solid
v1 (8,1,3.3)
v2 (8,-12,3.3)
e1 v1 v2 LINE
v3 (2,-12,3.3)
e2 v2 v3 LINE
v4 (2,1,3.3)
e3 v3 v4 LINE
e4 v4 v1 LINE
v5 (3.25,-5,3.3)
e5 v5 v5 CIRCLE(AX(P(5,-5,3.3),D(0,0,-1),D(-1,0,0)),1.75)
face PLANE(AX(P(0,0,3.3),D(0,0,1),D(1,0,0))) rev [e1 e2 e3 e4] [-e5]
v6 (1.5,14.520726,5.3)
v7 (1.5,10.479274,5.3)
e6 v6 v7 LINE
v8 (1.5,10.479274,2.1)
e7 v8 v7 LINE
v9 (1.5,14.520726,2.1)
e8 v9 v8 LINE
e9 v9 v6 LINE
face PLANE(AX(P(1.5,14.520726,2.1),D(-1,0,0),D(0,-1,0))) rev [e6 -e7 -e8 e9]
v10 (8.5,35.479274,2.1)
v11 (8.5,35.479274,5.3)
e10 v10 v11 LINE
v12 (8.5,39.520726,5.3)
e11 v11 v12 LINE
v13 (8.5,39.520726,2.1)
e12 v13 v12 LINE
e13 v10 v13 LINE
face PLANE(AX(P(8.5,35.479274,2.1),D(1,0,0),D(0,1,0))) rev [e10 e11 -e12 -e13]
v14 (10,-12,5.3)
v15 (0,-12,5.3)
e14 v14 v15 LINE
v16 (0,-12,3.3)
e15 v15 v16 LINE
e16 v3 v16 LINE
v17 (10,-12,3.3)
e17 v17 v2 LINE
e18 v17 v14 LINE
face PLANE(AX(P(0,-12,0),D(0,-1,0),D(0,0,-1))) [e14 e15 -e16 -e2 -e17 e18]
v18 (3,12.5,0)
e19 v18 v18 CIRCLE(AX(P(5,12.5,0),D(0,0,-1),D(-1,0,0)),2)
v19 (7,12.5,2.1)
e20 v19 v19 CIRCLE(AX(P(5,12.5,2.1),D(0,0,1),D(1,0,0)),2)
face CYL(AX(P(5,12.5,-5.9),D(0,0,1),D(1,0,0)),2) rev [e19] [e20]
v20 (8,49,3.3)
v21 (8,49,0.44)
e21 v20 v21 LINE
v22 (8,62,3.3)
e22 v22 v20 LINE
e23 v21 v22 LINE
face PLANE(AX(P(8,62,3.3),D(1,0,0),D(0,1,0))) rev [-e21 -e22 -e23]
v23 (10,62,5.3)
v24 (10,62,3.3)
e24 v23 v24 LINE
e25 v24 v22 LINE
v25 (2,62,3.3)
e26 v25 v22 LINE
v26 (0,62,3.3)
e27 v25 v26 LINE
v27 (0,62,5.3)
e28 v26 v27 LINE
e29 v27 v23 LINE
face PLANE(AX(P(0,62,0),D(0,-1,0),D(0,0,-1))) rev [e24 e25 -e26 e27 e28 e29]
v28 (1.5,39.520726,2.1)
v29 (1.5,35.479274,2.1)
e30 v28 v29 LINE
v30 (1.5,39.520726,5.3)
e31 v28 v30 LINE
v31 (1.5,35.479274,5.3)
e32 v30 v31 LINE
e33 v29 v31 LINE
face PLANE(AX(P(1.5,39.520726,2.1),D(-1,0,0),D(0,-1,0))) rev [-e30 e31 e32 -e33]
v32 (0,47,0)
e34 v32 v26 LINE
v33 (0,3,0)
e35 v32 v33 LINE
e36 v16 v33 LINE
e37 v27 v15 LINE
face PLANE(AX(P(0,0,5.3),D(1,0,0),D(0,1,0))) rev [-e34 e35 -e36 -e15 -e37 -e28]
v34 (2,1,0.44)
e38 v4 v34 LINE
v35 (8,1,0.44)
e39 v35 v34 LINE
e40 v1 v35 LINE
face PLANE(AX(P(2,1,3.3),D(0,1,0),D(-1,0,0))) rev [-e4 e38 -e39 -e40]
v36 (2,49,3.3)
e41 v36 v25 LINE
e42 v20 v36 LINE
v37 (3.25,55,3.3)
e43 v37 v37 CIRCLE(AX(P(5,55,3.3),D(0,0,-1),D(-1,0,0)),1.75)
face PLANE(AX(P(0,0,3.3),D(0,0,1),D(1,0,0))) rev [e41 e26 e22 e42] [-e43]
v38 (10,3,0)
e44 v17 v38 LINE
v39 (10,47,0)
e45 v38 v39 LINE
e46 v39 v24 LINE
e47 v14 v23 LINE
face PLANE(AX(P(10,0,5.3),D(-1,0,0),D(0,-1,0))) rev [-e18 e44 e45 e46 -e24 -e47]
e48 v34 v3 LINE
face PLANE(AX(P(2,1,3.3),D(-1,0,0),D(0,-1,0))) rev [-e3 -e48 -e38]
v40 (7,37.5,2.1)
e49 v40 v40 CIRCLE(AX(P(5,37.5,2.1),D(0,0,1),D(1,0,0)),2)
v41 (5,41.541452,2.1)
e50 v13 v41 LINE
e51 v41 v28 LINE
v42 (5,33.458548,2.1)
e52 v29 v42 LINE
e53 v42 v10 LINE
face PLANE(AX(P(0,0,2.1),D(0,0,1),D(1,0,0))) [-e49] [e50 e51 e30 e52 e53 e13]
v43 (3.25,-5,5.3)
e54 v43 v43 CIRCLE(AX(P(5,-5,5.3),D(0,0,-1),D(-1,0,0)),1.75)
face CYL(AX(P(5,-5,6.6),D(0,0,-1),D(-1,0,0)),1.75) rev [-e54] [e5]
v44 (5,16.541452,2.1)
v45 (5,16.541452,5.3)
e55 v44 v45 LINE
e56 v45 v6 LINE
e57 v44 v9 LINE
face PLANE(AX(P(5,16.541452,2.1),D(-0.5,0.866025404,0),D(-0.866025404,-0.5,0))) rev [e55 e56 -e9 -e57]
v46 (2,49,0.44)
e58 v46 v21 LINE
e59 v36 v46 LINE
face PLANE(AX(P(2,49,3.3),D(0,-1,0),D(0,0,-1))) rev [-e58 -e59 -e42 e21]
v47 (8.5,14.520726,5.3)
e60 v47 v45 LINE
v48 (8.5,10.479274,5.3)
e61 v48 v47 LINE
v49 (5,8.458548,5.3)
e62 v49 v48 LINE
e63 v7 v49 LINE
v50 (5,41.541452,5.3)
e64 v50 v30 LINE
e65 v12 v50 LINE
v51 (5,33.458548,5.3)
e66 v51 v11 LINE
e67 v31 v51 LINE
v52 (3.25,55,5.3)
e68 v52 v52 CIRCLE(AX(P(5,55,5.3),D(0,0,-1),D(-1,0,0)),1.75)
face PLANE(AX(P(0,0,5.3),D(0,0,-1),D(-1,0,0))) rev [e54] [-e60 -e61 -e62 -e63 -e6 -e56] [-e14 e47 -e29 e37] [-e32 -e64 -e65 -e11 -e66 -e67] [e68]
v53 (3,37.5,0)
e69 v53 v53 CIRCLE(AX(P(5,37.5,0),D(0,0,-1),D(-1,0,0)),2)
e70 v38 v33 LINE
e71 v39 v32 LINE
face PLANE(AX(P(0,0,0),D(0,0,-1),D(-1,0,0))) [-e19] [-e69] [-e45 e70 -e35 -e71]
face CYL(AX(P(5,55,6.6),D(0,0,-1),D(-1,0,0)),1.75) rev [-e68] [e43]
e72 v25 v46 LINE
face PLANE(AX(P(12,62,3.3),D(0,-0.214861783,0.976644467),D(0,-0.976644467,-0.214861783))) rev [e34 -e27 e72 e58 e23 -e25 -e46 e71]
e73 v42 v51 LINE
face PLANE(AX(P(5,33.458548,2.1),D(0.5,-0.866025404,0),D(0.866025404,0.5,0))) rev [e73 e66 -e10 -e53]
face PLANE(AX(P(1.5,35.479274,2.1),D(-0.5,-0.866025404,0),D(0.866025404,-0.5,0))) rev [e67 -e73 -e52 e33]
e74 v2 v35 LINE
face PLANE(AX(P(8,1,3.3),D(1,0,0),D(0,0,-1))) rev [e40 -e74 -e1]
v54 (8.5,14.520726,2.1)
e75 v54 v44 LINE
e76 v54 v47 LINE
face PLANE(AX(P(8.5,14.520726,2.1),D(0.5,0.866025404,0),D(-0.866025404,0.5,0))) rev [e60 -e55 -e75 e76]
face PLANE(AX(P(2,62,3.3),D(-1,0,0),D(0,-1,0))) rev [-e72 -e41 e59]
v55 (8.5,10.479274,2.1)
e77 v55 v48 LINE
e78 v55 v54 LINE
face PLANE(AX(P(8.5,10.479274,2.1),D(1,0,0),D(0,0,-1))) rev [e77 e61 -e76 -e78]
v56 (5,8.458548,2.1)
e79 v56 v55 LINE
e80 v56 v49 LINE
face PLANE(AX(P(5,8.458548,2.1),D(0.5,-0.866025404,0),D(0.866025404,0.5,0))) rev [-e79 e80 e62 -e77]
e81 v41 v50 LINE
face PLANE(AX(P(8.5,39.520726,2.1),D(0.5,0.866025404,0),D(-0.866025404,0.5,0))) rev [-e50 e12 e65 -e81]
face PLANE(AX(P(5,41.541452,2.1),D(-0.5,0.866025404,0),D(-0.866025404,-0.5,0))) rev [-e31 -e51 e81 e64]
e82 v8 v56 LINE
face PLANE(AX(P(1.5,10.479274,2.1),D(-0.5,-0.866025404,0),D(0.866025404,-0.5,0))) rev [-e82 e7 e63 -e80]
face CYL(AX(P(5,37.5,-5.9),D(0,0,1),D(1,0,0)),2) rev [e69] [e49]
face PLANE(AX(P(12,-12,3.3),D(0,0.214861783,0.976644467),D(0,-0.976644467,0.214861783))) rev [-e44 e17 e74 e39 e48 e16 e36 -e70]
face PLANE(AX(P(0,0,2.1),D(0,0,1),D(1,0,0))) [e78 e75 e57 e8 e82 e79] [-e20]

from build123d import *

# Parameters (mm, degrees)
SKETCH1_W           = 10
SKETCH1_H           = 50
BOSS_EXTRUDE1_DEPTH = 5.3
CUT_EXTRUDE1_DEPTH  = 3.2
SKETCH3_R           = 2
CUT_EXTRUDE2_DEPTH  = 8
SKETCH4_W           = 10
SKETCH4_H           = 5.3
BOSS_EXTRUDE2_DEPTH = 12
SKETCH5_W           = 10
SKETCH5_H           = 5.3
BOSS_EXTRUDE3_DEPTH = 12
CUT_EXTRUDE3_DEPTH  = 12
SKETCH8_W           = 6
SKETCH8_H           = 13
CUT_EXTRUDE4_DEPTH  = 3.3
SKETCH9_R           = 1.75
CUT_EXTRUDE5_DEPTH  = 3.3


with BuildPart() as part:
    # Sketch1 → Boss-Extrude1 (new body)
    with BuildSketch(Plane.XY):
        with Locations((5, 25)):
            Rectangle(SKETCH1_W, SKETCH1_H)
    extrude(amount=BOSS_EXTRUDE1_DEPTH)

    # Sketch2 → Cut-Extrude1 (cut)
    with BuildSketch(Plane.XY.offset(5.3)):
        Polygon((8.5, 14.520725942), (5, 16.541451884), (1.5, 14.520725942), (1.5, 10.479274058), (5, 8.458548116), (8.5, 10.479274058), align=None)
        Polygon((8.5, 39.520725942), (5, 41.541451884), (1.5, 39.520725942), (1.5, 35.479274058), (5, 33.458548116), (8.5, 35.479274058), align=None)
    extrude(amount=-CUT_EXTRUDE1_DEPTH, mode=Mode.SUBTRACT)

    # Sketch3 → Cut-Extrude2 (cut)
    with BuildSketch(Plane.XY.offset(2.1)):
        with Locations((5, 37.5)):
            Circle(SKETCH3_R)
        with Locations((5, 12.5)):
            Circle(SKETCH3_R)
    extrude(amount=-CUT_EXTRUDE2_DEPTH, mode=Mode.SUBTRACT)

    # Sketch4 → Boss-Extrude2 (add)
    with BuildSketch(Plane(origin=(0, 50, 0), x_dir=(1, 0, 0), z_dir=(0, 1, 0))):
        with Locations((5, -2.65)):
            Rectangle(SKETCH4_W, SKETCH4_H)
    extrude(amount=BOSS_EXTRUDE2_DEPTH)

    # Sketch5 → Boss-Extrude3 (add)
    with BuildSketch(Plane.XZ):
        with Locations((5, 2.65)):
            Rectangle(SKETCH5_W, SKETCH5_H)
    extrude(amount=BOSS_EXTRUDE3_DEPTH)

    # Sketch6 → Cut-Extrude3 (cut)
    with BuildSketch(Plane.ZY):
        Polygon((3.3, 62), (0, 47), (0, 62), align=None)
        Polygon((0, -12), (3.3, -12), (0, 3), align=None)
    extrude(amount=-CUT_EXTRUDE3_DEPTH, mode=Mode.SUBTRACT)

    # Sketch8 → Cut-Extrude4 (cut)
    with BuildSketch(Plane(origin=(0, 0, 0), x_dir=(-1, 0, 0), z_dir=(0, 0, -1))):
        with Locations((-5, 55.5)):
            Rectangle(SKETCH8_W, SKETCH8_H)
        with Locations((-5, -5.5)):
            Rectangle(SKETCH8_W, SKETCH8_H)
    extrude(amount=-CUT_EXTRUDE4_DEPTH, mode=Mode.SUBTRACT)

    # Sketch9 → Cut-Extrude5 (cut)
    with BuildSketch(Plane(origin=(0, 0, 3.3), x_dir=(-1, 0, 0), z_dir=(0, 0, -1))):
        with Locations((-5, -5)):
            Circle(SKETCH9_R)
        with Locations((-5, 55)):
            Circle(SKETCH9_R)
    extrude(amount=-CUT_EXTRUDE5_DEPTH, mode=Mode.SUBTRACT)


solid = part.part
